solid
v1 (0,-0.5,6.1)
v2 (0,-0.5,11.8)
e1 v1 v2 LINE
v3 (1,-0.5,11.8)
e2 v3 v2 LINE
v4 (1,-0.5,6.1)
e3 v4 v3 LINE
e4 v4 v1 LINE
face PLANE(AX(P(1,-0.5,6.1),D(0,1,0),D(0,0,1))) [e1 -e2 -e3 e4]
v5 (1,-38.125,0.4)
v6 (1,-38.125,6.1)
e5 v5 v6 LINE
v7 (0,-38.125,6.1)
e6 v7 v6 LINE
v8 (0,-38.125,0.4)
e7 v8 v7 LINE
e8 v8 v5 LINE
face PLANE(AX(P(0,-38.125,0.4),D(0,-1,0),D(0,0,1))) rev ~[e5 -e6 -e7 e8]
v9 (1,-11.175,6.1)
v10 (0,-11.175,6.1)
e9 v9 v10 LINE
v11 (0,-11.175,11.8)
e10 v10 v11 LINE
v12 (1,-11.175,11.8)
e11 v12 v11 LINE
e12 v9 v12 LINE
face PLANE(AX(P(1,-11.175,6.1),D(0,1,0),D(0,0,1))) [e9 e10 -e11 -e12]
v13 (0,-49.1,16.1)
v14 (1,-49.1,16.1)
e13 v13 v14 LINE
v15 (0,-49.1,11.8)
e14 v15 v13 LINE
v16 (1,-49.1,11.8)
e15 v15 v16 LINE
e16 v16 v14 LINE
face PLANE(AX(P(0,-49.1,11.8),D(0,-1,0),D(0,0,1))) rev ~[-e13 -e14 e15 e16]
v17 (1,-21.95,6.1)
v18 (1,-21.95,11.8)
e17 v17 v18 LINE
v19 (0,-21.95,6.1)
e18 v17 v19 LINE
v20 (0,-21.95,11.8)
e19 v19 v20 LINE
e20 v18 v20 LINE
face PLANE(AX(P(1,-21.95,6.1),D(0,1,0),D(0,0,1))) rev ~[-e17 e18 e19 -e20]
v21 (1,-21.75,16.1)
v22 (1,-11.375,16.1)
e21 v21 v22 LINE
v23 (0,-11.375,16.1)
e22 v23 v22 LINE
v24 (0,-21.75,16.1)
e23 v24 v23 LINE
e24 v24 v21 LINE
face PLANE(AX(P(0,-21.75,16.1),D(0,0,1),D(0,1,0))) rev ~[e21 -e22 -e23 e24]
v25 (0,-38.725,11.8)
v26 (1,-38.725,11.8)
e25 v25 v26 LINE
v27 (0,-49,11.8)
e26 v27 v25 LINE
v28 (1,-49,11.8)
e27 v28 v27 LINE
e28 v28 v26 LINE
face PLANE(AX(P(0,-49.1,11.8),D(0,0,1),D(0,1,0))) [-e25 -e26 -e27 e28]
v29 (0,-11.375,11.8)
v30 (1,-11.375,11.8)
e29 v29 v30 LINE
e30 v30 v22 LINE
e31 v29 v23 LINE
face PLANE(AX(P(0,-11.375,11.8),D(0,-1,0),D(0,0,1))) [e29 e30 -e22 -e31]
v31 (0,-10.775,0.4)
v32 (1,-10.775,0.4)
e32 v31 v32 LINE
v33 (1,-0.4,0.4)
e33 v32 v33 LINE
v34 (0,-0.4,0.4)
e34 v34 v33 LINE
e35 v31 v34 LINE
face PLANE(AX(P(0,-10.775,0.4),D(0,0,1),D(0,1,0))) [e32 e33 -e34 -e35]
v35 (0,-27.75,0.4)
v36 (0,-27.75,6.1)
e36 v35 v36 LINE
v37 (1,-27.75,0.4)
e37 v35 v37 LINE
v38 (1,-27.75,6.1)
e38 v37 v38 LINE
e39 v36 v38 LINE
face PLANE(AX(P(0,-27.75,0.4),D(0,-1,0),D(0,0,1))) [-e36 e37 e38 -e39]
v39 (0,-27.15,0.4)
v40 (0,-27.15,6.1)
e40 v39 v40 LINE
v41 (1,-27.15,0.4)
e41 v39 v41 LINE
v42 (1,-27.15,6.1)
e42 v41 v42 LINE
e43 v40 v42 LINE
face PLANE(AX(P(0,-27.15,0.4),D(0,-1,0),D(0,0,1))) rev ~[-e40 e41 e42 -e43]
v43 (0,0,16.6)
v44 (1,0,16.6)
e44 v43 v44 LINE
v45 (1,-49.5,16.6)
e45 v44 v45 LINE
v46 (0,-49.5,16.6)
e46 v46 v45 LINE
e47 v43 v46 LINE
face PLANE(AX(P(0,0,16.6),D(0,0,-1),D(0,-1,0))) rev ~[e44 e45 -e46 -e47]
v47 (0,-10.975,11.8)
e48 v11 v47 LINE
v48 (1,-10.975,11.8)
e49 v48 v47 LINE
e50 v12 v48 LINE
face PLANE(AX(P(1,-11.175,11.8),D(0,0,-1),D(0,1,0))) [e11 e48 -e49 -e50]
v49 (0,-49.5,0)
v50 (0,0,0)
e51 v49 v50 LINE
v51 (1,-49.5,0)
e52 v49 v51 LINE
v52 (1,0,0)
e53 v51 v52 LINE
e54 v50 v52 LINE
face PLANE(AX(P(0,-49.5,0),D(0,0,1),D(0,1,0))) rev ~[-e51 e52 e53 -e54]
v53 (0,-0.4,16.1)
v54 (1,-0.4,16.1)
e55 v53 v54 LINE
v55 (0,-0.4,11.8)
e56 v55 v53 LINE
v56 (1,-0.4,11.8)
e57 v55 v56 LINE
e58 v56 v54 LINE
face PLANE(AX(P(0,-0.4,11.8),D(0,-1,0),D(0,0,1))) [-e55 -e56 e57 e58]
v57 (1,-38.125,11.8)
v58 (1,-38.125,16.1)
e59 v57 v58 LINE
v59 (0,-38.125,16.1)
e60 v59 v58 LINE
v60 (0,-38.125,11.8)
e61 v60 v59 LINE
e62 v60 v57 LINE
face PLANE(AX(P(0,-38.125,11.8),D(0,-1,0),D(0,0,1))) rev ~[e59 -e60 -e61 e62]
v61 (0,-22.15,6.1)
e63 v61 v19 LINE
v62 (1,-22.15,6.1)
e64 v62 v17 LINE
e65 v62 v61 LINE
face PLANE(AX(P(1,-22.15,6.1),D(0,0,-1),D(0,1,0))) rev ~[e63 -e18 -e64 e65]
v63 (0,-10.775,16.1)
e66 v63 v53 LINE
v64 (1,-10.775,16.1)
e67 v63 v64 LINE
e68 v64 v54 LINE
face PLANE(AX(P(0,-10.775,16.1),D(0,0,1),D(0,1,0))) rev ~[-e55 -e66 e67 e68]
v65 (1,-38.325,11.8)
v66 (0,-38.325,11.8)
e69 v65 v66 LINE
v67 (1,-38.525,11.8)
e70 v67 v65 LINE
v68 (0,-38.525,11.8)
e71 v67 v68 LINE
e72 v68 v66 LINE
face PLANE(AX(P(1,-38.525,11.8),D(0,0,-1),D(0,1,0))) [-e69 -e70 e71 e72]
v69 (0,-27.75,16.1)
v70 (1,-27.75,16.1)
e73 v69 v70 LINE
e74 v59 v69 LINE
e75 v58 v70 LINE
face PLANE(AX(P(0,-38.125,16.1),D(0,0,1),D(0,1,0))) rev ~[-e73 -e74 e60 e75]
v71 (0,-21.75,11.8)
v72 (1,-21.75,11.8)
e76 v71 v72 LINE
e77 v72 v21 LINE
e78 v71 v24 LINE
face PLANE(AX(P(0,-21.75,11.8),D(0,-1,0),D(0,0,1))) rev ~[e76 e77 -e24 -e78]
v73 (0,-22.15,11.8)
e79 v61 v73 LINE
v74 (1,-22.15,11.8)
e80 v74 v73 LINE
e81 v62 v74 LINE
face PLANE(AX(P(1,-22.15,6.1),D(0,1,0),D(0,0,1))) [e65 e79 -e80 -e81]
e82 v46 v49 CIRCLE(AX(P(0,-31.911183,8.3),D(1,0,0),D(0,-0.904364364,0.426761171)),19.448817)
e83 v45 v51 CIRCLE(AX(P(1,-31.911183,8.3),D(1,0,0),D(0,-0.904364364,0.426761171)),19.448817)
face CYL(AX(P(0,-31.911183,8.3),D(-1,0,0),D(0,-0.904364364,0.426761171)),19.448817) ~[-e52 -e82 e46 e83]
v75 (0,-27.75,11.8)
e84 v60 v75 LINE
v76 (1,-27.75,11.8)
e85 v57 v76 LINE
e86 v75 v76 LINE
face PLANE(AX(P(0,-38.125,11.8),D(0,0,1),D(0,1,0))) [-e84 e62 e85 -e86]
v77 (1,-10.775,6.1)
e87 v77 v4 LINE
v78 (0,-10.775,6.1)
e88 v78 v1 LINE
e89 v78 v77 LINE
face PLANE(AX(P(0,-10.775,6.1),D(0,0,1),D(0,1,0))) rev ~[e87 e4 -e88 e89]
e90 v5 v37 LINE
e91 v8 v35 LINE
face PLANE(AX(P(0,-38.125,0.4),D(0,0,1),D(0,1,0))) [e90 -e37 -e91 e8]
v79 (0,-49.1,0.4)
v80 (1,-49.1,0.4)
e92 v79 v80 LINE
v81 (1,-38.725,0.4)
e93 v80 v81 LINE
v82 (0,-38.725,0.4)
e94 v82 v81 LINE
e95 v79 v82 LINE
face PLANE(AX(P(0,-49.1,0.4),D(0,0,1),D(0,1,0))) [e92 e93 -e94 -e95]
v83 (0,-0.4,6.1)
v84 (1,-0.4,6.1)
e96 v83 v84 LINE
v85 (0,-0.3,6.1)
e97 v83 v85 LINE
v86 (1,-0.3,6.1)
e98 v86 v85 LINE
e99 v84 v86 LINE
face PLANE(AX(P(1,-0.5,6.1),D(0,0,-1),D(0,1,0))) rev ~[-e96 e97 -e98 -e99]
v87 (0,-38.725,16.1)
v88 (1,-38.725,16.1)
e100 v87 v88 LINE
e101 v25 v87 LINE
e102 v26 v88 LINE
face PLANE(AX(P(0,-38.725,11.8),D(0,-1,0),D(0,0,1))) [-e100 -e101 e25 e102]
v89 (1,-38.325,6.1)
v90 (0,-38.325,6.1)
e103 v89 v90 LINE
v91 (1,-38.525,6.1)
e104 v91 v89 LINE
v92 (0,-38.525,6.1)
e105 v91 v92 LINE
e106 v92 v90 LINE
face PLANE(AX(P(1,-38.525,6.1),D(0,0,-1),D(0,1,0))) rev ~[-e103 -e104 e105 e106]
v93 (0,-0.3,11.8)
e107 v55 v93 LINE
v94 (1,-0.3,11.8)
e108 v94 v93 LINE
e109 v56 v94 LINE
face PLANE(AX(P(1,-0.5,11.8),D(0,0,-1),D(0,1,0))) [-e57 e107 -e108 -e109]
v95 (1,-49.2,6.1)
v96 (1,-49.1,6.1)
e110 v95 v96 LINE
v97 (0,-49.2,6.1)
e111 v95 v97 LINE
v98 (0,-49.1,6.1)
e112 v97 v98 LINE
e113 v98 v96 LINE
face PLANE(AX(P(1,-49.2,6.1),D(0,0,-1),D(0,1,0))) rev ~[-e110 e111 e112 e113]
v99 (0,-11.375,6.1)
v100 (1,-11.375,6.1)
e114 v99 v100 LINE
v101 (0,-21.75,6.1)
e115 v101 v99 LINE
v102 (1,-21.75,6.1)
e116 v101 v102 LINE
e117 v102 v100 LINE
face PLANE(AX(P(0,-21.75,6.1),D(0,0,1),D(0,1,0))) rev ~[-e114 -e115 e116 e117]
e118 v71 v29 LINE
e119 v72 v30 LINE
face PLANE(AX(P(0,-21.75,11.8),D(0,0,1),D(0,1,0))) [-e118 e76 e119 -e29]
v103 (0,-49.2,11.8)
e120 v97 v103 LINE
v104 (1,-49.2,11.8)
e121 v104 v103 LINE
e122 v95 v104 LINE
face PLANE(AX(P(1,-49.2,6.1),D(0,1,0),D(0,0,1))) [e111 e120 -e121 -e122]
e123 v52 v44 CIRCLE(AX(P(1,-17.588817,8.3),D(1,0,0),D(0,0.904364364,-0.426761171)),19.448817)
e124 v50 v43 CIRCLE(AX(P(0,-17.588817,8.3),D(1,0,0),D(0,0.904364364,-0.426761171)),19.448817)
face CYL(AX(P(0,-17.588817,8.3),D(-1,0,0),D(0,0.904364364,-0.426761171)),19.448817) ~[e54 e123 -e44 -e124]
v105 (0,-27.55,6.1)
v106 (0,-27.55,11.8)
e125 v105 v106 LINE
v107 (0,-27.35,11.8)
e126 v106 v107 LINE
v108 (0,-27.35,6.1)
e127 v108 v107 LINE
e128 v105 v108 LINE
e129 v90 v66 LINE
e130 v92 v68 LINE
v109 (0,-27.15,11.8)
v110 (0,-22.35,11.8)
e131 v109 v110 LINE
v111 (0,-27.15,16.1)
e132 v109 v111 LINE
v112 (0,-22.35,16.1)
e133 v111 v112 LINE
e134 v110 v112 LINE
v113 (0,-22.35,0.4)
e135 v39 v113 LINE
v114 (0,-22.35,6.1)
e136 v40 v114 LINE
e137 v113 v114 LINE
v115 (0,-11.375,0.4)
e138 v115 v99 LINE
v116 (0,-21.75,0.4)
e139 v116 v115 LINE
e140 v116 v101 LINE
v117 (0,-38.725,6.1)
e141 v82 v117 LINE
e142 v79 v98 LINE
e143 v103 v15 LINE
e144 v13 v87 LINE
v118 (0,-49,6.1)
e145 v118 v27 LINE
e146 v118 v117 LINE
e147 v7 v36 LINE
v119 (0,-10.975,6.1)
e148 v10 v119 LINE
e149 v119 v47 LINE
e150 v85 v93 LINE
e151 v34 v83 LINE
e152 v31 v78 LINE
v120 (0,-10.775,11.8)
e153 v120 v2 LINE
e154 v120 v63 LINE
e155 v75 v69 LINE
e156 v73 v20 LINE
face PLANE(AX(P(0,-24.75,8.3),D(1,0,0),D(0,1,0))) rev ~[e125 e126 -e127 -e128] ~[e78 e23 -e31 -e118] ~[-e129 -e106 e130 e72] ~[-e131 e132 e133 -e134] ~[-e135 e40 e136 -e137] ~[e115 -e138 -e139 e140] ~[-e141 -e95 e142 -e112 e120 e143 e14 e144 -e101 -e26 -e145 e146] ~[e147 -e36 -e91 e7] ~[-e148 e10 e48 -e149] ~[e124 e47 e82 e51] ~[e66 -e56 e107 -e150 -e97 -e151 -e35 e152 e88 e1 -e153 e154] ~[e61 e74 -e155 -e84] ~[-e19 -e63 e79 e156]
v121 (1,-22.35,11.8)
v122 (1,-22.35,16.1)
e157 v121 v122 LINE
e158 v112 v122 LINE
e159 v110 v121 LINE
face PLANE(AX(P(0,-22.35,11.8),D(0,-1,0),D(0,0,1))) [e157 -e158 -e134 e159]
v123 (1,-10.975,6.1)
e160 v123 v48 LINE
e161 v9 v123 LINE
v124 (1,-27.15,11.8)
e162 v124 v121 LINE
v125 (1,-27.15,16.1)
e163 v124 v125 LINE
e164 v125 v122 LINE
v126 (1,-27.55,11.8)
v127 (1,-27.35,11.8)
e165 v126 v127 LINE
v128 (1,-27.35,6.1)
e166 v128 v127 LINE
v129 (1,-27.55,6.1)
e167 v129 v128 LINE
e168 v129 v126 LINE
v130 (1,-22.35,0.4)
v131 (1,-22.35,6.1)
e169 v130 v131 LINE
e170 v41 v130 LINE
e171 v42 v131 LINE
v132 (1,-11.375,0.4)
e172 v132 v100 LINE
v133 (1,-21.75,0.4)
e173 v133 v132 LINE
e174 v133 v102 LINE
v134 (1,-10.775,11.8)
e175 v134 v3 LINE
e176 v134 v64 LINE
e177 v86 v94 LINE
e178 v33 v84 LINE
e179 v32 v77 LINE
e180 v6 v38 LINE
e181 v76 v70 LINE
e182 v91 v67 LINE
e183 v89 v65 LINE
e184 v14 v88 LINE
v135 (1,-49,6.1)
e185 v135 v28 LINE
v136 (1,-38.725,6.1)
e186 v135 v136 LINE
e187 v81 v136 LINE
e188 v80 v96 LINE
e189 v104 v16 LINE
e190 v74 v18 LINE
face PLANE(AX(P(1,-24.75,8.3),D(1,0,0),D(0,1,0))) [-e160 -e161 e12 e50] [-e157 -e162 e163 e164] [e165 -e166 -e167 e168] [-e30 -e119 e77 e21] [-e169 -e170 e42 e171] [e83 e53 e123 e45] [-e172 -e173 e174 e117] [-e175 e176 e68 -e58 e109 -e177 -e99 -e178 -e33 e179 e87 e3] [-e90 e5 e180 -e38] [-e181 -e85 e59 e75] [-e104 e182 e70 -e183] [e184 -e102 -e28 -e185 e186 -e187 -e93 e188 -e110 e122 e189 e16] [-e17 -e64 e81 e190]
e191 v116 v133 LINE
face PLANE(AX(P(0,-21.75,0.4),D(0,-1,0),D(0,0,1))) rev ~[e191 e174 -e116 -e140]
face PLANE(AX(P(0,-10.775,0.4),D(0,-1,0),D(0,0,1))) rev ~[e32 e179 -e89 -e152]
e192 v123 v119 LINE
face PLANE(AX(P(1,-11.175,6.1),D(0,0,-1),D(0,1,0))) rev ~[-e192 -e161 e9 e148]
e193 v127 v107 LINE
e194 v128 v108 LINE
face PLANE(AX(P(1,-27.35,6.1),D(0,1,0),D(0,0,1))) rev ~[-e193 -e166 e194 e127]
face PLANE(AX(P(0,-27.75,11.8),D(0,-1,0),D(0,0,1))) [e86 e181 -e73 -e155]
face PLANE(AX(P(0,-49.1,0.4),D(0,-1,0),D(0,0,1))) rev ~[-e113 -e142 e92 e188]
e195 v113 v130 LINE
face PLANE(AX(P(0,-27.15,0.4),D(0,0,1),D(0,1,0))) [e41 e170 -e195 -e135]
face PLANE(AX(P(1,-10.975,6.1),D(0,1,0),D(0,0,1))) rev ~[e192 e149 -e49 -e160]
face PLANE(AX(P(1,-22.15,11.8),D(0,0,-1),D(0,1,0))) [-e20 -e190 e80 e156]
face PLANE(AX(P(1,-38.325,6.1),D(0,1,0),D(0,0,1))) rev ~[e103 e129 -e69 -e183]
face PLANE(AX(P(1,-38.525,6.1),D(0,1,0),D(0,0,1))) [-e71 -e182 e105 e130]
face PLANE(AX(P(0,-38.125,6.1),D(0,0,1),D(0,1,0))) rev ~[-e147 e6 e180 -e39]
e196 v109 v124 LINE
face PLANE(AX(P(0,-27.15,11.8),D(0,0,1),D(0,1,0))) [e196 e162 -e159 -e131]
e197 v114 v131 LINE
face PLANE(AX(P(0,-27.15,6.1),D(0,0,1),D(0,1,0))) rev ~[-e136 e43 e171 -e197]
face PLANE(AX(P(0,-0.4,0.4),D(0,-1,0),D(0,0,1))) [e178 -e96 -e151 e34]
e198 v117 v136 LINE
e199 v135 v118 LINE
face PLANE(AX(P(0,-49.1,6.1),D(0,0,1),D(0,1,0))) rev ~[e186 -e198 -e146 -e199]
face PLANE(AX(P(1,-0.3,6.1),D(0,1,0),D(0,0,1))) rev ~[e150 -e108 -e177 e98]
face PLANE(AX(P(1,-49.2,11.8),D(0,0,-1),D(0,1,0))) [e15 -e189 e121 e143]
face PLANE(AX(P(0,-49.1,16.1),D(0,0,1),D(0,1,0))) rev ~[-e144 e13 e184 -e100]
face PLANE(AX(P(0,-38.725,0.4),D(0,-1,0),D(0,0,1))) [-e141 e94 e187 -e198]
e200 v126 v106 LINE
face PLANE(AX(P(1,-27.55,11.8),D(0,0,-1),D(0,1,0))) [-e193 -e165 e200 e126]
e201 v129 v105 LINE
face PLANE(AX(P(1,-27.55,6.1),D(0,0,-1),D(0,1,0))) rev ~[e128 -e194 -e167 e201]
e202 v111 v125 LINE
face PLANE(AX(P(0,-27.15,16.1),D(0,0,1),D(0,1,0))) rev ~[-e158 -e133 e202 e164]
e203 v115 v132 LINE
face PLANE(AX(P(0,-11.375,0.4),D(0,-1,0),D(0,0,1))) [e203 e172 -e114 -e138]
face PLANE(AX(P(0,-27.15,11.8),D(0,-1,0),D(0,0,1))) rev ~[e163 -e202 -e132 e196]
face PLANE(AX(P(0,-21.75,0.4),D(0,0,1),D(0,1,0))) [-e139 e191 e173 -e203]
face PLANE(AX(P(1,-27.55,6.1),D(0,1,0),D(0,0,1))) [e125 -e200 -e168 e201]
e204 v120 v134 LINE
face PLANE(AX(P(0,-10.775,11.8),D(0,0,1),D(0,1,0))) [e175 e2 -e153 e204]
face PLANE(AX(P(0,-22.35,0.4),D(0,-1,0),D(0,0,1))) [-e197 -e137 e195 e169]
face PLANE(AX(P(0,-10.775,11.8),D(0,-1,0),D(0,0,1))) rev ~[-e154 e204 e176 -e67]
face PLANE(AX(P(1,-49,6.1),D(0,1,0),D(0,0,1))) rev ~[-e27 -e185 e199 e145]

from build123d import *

# Parameters (mm, degrees)
F0_W     = 10.375
F0_H     = 5.7
F0_W_2   = 4.8
F0_H_2   = 4.3
F1_DEPTH = 1
F2_W     = 0.2
F2_H     = 5.7
F3_DEPTH = 1


with BuildPart() as f1:
    # F0 (on Right) → F1 (new body)
    with BuildSketch(Plane.YZ):
        with BuildLine():
            Line((-49.5, 0), (0, 0))
            ThreePointArc((0, 0), (1.86, 8.3), (0, 16.6))
            Line((0, 16.6), (-49.5, 16.6))
            ThreePointArc((-49.5, 16.6), (-51.36, 8.3), (-49.5, 0))
        make_face()
        with Locations((-43.9125, 3.25)):
            Rectangle(F0_W, F0_H, mode=Mode.SUBTRACT)
        with Locations((-32.9375, 3.25)):
            Rectangle(F0_W, F0_H, mode=Mode.SUBTRACT)
        with Locations((-24.75, 3.25)):
            Rectangle(F0_W_2, F0_H, mode=Mode.SUBTRACT)
        with Locations((-16.5625, 3.25)):
            Rectangle(F0_W, F0_H, mode=Mode.SUBTRACT)
        with Locations((-5.5875, 3.25)):
            Rectangle(F0_W, F0_H, mode=Mode.SUBTRACT)
        with Locations((-43.9125, 13.95)):
            Rectangle(F0_W, F0_H_2, mode=Mode.SUBTRACT)
        with Locations((-32.9375, 13.95)):
            Rectangle(F0_W, F0_H_2, mode=Mode.SUBTRACT)
        with Locations((-24.75, 13.95)):
            Rectangle(F0_W_2, F0_H_2, mode=Mode.SUBTRACT)
        with Locations((-16.5625, 13.95)):
            Rectangle(F0_W, F0_H_2, mode=Mode.SUBTRACT)
        with Locations((-5.5875, 13.95)):
            Rectangle(F0_W, F0_H_2, mode=Mode.SUBTRACT)
    extrude(amount=F1_DEPTH)

    # F2 (on face) → F3 (cut, through all)
    with BuildSketch(Plane.YZ.offset(1)):
        with Locations((-49.1, 8.95)):
            Rectangle(F2_W, F2_H)
        with Locations((-38.425, 8.95)):
            Rectangle(F2_W, F2_H)
        with Locations((-27.45, 8.95)):
            Rectangle(F2_W, F2_H)
        with Locations((-22.05, 8.95)):
            Rectangle(F2_W, F2_H)
        with Locations((-11.075, 8.95)):
            Rectangle(F2_W, F2_H)
        with Locations((-0.4, 8.95)):
            Rectangle(F2_W, F2_H)
    extrude(amount=-F3_DEPTH, mode=Mode.SUBTRACT)


solid = f1.part
